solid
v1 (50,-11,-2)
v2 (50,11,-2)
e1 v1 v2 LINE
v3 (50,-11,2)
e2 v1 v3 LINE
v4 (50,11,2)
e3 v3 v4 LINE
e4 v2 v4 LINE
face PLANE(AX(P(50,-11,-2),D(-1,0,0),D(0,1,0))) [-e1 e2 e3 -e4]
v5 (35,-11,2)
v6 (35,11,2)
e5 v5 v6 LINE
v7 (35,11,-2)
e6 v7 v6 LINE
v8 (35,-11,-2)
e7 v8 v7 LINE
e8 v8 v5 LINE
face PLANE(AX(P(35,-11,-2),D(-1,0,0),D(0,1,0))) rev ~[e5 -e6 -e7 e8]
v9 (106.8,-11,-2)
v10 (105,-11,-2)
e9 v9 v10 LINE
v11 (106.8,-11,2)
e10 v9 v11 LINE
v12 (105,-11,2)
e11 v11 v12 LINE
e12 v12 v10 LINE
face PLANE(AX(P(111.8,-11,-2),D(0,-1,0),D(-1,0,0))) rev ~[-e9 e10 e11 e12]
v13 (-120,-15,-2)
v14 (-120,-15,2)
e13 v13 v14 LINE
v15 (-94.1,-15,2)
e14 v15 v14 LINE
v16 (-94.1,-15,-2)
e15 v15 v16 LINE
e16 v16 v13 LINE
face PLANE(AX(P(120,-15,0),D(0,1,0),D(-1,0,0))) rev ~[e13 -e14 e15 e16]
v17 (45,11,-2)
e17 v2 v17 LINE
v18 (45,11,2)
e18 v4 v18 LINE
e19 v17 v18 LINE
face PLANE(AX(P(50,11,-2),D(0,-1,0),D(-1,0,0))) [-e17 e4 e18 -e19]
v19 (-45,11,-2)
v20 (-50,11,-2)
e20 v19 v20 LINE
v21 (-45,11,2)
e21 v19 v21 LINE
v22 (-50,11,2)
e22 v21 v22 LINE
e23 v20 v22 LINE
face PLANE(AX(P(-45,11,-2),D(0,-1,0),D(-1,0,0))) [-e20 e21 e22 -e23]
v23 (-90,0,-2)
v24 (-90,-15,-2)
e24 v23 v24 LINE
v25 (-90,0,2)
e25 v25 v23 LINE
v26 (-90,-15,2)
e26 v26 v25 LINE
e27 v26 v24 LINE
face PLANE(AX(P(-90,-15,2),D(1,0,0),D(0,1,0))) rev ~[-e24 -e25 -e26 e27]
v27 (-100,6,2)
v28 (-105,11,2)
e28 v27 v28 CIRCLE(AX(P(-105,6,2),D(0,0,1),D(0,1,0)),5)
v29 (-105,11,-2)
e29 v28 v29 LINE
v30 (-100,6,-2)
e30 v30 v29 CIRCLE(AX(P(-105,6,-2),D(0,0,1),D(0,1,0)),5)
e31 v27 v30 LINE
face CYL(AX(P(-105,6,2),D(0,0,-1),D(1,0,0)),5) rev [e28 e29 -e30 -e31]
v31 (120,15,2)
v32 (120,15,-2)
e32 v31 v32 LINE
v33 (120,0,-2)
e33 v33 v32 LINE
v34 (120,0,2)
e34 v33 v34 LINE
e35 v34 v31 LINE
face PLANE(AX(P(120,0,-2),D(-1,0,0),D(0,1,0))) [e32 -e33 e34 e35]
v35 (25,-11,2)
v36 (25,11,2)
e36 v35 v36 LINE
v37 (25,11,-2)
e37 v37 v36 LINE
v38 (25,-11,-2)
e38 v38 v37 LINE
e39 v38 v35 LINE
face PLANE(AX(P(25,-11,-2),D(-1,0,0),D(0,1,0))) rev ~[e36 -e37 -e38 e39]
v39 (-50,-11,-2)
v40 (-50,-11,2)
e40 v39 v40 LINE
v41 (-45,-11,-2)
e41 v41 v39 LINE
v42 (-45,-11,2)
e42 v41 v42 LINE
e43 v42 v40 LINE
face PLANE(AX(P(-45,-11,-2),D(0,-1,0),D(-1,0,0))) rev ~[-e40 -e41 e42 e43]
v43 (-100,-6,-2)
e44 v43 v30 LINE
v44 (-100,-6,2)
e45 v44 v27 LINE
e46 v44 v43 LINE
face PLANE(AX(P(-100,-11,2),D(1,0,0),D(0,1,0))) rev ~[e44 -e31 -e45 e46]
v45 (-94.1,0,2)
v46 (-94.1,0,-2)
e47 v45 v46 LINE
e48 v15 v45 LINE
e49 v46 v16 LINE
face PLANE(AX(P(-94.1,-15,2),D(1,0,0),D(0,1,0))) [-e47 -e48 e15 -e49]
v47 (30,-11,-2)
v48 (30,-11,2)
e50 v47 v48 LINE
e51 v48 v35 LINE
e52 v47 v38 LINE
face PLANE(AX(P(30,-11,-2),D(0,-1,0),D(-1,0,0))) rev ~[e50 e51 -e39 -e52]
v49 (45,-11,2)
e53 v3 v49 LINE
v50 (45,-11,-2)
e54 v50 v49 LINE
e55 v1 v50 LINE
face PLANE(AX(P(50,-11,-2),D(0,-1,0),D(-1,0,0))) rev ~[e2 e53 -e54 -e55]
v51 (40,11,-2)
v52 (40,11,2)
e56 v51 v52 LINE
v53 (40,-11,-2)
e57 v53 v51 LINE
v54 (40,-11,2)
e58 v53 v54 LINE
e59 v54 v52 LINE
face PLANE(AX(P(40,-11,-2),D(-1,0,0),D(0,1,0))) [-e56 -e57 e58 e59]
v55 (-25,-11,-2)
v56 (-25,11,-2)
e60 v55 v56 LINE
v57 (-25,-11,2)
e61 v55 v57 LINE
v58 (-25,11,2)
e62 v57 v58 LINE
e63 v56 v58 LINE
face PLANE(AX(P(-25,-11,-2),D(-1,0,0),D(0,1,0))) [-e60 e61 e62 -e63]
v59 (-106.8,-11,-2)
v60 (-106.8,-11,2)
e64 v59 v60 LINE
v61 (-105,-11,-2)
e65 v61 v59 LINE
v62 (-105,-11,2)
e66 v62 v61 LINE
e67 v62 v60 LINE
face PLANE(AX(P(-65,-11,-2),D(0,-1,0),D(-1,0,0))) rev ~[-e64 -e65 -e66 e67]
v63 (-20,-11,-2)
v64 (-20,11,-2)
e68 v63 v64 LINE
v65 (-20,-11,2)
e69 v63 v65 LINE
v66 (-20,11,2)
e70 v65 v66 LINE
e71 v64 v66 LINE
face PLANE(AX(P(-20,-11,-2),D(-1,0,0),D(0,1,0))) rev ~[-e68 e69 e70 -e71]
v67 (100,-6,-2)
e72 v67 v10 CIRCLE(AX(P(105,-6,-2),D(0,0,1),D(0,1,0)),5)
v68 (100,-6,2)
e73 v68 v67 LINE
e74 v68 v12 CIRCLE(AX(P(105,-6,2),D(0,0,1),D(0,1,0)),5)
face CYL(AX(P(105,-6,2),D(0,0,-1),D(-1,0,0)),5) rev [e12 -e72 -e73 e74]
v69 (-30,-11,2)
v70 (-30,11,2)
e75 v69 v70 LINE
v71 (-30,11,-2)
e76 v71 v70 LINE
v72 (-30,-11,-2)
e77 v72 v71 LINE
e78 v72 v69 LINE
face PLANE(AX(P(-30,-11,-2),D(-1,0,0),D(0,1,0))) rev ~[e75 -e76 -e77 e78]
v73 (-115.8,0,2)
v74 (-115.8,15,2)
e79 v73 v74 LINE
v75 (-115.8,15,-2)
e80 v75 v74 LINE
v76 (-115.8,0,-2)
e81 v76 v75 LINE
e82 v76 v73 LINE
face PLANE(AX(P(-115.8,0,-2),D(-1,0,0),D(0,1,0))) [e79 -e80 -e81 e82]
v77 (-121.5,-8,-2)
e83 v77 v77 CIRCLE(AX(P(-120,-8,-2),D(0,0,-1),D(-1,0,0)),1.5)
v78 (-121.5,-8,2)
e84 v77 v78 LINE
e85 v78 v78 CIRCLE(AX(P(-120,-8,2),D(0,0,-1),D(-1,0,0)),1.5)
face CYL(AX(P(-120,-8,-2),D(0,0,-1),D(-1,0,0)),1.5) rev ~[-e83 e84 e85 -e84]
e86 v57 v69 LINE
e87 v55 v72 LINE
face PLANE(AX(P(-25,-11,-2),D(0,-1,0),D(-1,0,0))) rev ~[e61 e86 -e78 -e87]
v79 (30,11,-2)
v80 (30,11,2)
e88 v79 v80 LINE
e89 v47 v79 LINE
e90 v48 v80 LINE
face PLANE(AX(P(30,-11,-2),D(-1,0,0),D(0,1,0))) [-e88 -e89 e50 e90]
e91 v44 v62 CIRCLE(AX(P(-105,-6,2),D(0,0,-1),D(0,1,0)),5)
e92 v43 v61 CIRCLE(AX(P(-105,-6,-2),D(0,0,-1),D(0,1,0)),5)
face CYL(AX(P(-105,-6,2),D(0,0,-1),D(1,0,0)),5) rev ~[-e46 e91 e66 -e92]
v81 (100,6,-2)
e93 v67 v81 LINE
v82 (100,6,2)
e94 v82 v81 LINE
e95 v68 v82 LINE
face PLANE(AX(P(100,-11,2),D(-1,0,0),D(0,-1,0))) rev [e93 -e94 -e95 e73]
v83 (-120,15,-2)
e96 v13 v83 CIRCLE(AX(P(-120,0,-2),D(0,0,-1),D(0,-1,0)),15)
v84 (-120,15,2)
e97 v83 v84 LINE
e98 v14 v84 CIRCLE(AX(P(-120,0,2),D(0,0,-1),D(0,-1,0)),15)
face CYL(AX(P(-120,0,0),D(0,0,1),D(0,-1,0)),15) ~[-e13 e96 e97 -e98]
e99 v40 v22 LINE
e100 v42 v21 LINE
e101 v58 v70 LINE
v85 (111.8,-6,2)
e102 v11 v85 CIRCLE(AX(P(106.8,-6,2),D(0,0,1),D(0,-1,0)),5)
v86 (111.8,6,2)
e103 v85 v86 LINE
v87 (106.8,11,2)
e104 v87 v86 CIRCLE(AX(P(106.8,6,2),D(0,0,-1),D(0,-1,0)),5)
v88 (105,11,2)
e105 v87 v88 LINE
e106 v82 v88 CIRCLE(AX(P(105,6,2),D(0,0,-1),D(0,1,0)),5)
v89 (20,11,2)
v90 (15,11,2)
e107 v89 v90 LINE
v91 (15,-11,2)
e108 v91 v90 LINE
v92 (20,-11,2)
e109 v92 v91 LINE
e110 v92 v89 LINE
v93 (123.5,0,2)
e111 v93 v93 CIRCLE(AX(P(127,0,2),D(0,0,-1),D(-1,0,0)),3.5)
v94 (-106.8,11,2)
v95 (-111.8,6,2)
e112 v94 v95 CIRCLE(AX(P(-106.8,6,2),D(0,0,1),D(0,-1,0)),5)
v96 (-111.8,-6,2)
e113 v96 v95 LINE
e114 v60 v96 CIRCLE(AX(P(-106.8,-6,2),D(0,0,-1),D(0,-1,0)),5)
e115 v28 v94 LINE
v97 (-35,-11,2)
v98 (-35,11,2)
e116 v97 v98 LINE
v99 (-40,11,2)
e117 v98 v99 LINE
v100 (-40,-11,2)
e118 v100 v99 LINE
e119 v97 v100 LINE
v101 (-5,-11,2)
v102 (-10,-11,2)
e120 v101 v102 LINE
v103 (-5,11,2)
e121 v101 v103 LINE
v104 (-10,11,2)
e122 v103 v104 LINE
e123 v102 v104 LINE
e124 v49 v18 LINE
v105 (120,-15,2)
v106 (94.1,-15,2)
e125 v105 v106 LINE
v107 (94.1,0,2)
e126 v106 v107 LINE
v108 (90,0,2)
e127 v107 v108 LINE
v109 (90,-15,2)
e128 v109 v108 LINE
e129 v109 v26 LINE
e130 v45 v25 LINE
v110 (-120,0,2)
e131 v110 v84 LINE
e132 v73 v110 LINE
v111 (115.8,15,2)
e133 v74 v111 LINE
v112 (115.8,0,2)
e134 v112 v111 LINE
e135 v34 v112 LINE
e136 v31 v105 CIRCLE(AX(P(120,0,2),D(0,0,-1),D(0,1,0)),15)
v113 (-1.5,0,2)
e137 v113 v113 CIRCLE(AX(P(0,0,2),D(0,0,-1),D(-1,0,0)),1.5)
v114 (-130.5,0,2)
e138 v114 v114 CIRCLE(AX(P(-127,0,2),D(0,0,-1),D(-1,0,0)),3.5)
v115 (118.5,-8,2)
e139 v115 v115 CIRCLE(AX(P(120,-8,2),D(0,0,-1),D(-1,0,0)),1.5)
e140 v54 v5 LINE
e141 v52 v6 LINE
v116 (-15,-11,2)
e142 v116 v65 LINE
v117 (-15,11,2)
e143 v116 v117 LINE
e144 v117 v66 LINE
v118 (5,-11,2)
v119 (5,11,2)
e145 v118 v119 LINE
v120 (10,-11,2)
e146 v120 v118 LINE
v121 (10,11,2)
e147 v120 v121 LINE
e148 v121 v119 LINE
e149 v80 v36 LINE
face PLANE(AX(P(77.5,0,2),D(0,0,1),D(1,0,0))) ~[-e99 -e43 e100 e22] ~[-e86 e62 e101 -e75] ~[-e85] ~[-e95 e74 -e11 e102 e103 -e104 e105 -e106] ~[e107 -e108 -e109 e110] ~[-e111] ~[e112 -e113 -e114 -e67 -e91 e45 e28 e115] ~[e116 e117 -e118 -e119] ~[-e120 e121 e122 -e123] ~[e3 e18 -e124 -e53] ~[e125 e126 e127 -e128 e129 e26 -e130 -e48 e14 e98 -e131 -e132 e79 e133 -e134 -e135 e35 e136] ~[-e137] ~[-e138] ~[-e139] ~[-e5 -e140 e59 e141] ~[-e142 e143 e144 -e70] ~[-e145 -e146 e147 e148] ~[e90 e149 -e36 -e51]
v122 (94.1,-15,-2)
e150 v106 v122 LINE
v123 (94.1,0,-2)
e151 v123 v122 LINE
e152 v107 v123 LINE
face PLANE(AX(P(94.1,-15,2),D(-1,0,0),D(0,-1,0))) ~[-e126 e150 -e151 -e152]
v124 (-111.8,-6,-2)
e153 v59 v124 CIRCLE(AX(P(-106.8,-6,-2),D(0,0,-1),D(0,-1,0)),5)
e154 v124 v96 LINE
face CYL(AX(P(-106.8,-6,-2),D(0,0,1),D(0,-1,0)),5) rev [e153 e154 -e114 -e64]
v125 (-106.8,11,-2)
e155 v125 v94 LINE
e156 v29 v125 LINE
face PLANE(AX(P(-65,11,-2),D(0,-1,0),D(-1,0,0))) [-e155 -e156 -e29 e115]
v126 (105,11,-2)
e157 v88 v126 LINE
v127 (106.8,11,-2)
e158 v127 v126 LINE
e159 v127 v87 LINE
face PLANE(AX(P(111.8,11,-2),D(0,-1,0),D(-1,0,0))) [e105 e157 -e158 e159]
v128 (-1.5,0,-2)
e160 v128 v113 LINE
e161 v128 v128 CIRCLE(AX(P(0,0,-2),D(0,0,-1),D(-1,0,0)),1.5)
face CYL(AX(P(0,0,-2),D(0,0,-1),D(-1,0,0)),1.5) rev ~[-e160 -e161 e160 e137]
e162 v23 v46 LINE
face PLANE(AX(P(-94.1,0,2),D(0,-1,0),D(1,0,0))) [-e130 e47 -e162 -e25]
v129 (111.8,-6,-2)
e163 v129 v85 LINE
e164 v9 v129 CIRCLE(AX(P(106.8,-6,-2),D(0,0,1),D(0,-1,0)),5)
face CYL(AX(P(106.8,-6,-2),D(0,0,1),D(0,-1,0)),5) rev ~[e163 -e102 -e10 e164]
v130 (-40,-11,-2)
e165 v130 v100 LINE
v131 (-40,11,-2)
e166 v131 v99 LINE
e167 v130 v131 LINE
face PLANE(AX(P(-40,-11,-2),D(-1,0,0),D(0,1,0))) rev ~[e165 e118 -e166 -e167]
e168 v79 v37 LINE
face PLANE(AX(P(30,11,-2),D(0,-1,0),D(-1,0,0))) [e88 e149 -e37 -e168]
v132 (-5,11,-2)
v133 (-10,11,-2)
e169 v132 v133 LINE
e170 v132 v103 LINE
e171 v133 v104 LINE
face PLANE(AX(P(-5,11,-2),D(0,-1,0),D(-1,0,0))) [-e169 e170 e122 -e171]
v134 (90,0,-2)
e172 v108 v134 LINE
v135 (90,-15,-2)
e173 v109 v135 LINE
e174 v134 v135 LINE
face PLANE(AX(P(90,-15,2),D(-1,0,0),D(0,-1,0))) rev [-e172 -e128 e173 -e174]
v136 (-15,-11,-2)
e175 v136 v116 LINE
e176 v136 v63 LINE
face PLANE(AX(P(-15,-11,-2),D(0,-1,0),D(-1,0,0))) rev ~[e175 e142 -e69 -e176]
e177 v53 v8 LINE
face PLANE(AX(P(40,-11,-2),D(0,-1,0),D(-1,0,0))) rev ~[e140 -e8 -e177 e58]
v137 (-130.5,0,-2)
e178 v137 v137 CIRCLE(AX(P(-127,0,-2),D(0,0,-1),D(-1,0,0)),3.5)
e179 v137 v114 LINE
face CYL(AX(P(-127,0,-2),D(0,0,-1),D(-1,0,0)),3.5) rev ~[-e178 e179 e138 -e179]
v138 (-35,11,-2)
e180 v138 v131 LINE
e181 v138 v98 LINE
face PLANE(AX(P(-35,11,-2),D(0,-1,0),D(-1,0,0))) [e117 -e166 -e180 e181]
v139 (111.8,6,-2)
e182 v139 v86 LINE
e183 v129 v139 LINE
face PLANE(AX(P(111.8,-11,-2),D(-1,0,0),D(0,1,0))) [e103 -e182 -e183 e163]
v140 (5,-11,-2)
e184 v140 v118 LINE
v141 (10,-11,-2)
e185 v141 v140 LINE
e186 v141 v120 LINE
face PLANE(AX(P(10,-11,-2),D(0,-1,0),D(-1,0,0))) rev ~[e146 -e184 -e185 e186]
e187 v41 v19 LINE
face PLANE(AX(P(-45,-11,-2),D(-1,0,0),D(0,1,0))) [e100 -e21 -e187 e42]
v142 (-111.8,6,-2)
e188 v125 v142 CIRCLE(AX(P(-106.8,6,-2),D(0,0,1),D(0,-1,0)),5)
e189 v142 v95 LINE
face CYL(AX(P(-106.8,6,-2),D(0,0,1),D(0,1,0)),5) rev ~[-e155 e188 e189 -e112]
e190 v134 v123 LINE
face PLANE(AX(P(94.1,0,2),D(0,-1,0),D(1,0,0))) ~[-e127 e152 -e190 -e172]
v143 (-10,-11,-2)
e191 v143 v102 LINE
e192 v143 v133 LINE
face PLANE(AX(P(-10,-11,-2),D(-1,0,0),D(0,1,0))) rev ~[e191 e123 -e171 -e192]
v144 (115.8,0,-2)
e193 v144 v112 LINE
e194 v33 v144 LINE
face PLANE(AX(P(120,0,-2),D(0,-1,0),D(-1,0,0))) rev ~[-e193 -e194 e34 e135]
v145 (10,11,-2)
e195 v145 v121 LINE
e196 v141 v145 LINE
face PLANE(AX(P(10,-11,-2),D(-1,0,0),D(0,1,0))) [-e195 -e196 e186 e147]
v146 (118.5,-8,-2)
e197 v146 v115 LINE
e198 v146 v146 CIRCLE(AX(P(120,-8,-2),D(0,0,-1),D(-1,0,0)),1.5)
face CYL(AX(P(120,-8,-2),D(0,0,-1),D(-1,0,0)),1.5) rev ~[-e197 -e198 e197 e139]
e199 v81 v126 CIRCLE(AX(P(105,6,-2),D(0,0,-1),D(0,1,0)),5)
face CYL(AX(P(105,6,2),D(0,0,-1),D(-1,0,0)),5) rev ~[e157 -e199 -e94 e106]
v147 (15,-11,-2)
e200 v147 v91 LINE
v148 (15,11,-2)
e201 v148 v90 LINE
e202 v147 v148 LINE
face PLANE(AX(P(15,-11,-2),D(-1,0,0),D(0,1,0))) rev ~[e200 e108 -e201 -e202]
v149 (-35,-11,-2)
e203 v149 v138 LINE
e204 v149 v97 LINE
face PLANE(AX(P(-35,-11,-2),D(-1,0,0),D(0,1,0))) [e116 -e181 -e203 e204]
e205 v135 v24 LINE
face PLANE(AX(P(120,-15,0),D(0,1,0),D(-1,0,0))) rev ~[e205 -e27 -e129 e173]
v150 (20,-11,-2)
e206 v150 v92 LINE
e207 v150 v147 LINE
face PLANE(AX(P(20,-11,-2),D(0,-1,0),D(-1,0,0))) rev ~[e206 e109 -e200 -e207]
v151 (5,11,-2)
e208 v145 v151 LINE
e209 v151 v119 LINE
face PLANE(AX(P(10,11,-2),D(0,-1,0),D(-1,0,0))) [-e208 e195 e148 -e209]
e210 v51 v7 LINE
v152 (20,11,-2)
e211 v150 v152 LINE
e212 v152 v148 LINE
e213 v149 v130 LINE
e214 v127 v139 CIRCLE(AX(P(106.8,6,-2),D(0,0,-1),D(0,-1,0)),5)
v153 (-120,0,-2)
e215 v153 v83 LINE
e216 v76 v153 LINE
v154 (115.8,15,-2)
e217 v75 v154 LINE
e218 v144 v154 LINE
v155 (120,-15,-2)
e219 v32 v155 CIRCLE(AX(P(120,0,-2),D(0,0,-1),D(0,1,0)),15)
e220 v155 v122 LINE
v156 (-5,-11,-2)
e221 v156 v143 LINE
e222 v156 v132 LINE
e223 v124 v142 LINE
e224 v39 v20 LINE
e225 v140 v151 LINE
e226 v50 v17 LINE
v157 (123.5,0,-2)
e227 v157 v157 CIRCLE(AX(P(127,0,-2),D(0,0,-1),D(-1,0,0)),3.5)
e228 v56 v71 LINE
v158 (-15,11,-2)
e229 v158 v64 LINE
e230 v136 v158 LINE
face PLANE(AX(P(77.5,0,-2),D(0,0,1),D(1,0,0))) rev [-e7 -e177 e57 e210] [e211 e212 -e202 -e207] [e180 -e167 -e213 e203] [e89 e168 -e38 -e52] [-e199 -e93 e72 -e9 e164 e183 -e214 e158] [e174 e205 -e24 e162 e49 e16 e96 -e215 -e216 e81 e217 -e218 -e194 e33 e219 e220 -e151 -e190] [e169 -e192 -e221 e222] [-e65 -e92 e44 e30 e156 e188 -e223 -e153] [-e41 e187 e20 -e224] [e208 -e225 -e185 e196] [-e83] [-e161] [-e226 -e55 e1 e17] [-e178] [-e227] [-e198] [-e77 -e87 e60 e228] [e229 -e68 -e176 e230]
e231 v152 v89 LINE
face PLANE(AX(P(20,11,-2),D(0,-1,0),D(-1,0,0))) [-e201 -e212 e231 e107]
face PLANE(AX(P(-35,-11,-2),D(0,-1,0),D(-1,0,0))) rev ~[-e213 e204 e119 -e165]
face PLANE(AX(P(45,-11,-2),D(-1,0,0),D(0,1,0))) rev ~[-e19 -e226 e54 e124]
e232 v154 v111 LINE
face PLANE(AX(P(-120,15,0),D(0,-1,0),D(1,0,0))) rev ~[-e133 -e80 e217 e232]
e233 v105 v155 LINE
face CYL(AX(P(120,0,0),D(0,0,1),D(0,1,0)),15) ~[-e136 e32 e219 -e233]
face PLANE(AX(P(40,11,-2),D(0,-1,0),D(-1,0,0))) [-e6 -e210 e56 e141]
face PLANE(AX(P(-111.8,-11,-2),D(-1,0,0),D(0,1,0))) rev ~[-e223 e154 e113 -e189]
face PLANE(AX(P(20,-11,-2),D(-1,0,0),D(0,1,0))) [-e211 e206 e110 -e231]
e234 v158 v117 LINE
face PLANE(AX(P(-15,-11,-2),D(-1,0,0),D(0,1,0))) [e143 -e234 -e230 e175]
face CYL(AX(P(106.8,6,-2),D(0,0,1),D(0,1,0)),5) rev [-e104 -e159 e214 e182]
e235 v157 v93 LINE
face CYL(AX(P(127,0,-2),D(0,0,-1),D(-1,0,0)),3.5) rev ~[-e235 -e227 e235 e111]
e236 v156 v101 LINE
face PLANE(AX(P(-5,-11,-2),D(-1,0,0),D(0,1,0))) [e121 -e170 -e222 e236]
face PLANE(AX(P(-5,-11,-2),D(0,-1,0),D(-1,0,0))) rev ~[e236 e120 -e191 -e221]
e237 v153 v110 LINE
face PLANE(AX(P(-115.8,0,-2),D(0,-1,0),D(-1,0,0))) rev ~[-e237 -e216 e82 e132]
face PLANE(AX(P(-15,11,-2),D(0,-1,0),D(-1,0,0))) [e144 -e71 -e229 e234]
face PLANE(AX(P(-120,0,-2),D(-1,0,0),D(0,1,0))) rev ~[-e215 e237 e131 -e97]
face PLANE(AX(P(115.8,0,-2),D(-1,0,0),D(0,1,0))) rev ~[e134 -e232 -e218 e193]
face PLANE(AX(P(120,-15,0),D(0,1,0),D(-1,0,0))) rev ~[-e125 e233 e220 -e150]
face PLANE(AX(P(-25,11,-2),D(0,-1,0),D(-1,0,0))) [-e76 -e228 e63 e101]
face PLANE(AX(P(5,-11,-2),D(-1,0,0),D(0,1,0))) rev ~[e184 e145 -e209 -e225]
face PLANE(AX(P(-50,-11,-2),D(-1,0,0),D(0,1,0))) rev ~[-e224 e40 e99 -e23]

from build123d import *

# Parameters (mm, degrees)
EXTRUDE_1_DEPTH     = 2
SKETCH_11_W         = 4.2
SKETCH_11_H         = 15
SKETCH_11_W_2       = 46.8
SKETCH_11_H_2       = 22
SKETCH_11_W_3       = 5
SKETCH_11_R         = 3.5
SKETCH_11_R_2       = 1.5
CUT_EXTRUDE_1_DEPTH = 10
SKETCH_12_W         = 45
SKETCH_12_H         = 22
EXTRUDE_2_DEPTH     = 4
SKETCH_13_W         = 4.1
SKETCH_13_H         = 15
CUT_EXTRUDE_2_DEPTH = 136.889661123
FILLET_1_R          = 5


with BuildPart() as part:
    # Эскиз1 → Бобышка-Вытянуть1 (new, symmetric)
    with BuildSketch(Plane.XY):
        with BuildLine():
            Line((-120, 15), (120, 15))
            ThreePointArc((120, 15), (135, 0), (120, -15))
            Line((120, -15), (-120, -15))
            ThreePointArc((-120, -15), (-135, 0), (-120, 15))
        make_face()
    extrude(amount=EXTRUDE_1_DEPTH, both=True)

    # Эскиз11 → Вырез-Вытянуть1 (cut)
    with BuildSketch(Plane(origin=(0, 0, -2), x_dir=(-1, 0, 0), z_dir=(0, 0, -1))):
        with Locations((-117.9, 7.5)):
            Rectangle(SKETCH_11_W, SKETCH_11_H)
        with Locations((-88.4, 0)):
            Rectangle(SKETCH_11_W_2, SKETCH_11_H_2)
        with Locations((-57.5, 0)):
            Rectangle(SKETCH_11_W_3, SKETCH_11_H_2)
        with Locations((-47.5, 0)):
            Rectangle(SKETCH_11_W_3, SKETCH_11_H_2)
        with Locations((-37.5, 0)):
            Rectangle(SKETCH_11_W_3, SKETCH_11_H_2)
        with Locations((-27.5, 0)):
            Rectangle(SKETCH_11_W_3, SKETCH_11_H_2)
        with Locations((-17.5, 0)):
            Rectangle(SKETCH_11_W_3, SKETCH_11_H_2)
        with Locations((-7.5, 0)):
            Rectangle(SKETCH_11_W_3, SKETCH_11_H_2)
        with Locations((7.5, 0)):
            Rectangle(SKETCH_11_W_3, SKETCH_11_H_2)
        with Locations((17.5, 0)):
            Rectangle(SKETCH_11_W_3, SKETCH_11_H_2)
        with Locations((27.5, 0)):
            Rectangle(SKETCH_11_W_3, SKETCH_11_H_2)
        with Locations((37.5, 0)):
            Rectangle(SKETCH_11_W_3, SKETCH_11_H_2)
        with Locations((47.5, 0)):
            Rectangle(SKETCH_11_W_3, SKETCH_11_H_2)
        with Locations((57.5, 0)):
            Rectangle(SKETCH_11_W_3, SKETCH_11_H_2)
        with Locations((88.4, 0)):
            Rectangle(SKETCH_11_W_2, SKETCH_11_H_2)
        with Locations((117.9, 7.5)):
            Rectangle(SKETCH_11_W, SKETCH_11_H)
        with Locations((127, 0)):
            Circle(SKETCH_11_R)
        with Locations((-127, 0)):
            Circle(SKETCH_11_R)
        Circle(SKETCH_11_R_2)
        with Locations((-120, -8)):
            Circle(SKETCH_11_R_2)
        with Locations((120, -8)):
            Circle(SKETCH_11_R_2)
    extrude(amount=-CUT_EXTRUDE_1_DEPTH, mode=Mode.SUBTRACT)

    # Эскиз12 → Бобышка-Вытянуть2 (add)
    with BuildSketch(Plane.XY.offset(2)):
        with Locations((-77.5, 0)):
            Rectangle(SKETCH_12_W, SKETCH_12_H)
    extrude_2 = extrude(amount=-EXTRUDE_2_DEPTH)

    # Зеркальное отражение1: Бобышка-Вытянуть2 across plane
    add(extrude_2.mirror(Plane(origin=(0, 0, 0), x_dir=(0, 0, 1), z_dir=(1, 0, 0))))

    # Эскиз13 → Вырез-Вытянуть2 (cut, through all)
    with BuildSketch(Plane.XY.offset(2)):
        with Locations((-92.05, -7.5)):
            Rectangle(SKETCH_13_W, SKETCH_13_H)
    cut_extrude_2 = extrude(amount=-CUT_EXTRUDE_2_DEPTH, mode=Mode.SUBTRACT)

    # Зеркальное отражение2: Вырез-Вытянуть2 across plane
    add(cut_extrude_2.mirror(Plane(origin=(0, 0, 0), x_dir=(0, 0, 1), z_dir=(1, 0, 0))), mode=Mode.SUBTRACT)

    # Скругление1
    fillet_1_edges = [part.edges().sort_by_distance(p)[0] for p in [
        (-111.8, 11, 0),
        (-111.8, -11, 0),
        (-100, 11, 0),
        (-100, -11, 0),
        (100, -11, 0),
        (100, 11, 0),
        (111.8, -11, 0),
        (111.8, 11, 0),
    ]]
    fillet(fillet_1_edges, radius=FILLET_1_R)


solid = part.part
